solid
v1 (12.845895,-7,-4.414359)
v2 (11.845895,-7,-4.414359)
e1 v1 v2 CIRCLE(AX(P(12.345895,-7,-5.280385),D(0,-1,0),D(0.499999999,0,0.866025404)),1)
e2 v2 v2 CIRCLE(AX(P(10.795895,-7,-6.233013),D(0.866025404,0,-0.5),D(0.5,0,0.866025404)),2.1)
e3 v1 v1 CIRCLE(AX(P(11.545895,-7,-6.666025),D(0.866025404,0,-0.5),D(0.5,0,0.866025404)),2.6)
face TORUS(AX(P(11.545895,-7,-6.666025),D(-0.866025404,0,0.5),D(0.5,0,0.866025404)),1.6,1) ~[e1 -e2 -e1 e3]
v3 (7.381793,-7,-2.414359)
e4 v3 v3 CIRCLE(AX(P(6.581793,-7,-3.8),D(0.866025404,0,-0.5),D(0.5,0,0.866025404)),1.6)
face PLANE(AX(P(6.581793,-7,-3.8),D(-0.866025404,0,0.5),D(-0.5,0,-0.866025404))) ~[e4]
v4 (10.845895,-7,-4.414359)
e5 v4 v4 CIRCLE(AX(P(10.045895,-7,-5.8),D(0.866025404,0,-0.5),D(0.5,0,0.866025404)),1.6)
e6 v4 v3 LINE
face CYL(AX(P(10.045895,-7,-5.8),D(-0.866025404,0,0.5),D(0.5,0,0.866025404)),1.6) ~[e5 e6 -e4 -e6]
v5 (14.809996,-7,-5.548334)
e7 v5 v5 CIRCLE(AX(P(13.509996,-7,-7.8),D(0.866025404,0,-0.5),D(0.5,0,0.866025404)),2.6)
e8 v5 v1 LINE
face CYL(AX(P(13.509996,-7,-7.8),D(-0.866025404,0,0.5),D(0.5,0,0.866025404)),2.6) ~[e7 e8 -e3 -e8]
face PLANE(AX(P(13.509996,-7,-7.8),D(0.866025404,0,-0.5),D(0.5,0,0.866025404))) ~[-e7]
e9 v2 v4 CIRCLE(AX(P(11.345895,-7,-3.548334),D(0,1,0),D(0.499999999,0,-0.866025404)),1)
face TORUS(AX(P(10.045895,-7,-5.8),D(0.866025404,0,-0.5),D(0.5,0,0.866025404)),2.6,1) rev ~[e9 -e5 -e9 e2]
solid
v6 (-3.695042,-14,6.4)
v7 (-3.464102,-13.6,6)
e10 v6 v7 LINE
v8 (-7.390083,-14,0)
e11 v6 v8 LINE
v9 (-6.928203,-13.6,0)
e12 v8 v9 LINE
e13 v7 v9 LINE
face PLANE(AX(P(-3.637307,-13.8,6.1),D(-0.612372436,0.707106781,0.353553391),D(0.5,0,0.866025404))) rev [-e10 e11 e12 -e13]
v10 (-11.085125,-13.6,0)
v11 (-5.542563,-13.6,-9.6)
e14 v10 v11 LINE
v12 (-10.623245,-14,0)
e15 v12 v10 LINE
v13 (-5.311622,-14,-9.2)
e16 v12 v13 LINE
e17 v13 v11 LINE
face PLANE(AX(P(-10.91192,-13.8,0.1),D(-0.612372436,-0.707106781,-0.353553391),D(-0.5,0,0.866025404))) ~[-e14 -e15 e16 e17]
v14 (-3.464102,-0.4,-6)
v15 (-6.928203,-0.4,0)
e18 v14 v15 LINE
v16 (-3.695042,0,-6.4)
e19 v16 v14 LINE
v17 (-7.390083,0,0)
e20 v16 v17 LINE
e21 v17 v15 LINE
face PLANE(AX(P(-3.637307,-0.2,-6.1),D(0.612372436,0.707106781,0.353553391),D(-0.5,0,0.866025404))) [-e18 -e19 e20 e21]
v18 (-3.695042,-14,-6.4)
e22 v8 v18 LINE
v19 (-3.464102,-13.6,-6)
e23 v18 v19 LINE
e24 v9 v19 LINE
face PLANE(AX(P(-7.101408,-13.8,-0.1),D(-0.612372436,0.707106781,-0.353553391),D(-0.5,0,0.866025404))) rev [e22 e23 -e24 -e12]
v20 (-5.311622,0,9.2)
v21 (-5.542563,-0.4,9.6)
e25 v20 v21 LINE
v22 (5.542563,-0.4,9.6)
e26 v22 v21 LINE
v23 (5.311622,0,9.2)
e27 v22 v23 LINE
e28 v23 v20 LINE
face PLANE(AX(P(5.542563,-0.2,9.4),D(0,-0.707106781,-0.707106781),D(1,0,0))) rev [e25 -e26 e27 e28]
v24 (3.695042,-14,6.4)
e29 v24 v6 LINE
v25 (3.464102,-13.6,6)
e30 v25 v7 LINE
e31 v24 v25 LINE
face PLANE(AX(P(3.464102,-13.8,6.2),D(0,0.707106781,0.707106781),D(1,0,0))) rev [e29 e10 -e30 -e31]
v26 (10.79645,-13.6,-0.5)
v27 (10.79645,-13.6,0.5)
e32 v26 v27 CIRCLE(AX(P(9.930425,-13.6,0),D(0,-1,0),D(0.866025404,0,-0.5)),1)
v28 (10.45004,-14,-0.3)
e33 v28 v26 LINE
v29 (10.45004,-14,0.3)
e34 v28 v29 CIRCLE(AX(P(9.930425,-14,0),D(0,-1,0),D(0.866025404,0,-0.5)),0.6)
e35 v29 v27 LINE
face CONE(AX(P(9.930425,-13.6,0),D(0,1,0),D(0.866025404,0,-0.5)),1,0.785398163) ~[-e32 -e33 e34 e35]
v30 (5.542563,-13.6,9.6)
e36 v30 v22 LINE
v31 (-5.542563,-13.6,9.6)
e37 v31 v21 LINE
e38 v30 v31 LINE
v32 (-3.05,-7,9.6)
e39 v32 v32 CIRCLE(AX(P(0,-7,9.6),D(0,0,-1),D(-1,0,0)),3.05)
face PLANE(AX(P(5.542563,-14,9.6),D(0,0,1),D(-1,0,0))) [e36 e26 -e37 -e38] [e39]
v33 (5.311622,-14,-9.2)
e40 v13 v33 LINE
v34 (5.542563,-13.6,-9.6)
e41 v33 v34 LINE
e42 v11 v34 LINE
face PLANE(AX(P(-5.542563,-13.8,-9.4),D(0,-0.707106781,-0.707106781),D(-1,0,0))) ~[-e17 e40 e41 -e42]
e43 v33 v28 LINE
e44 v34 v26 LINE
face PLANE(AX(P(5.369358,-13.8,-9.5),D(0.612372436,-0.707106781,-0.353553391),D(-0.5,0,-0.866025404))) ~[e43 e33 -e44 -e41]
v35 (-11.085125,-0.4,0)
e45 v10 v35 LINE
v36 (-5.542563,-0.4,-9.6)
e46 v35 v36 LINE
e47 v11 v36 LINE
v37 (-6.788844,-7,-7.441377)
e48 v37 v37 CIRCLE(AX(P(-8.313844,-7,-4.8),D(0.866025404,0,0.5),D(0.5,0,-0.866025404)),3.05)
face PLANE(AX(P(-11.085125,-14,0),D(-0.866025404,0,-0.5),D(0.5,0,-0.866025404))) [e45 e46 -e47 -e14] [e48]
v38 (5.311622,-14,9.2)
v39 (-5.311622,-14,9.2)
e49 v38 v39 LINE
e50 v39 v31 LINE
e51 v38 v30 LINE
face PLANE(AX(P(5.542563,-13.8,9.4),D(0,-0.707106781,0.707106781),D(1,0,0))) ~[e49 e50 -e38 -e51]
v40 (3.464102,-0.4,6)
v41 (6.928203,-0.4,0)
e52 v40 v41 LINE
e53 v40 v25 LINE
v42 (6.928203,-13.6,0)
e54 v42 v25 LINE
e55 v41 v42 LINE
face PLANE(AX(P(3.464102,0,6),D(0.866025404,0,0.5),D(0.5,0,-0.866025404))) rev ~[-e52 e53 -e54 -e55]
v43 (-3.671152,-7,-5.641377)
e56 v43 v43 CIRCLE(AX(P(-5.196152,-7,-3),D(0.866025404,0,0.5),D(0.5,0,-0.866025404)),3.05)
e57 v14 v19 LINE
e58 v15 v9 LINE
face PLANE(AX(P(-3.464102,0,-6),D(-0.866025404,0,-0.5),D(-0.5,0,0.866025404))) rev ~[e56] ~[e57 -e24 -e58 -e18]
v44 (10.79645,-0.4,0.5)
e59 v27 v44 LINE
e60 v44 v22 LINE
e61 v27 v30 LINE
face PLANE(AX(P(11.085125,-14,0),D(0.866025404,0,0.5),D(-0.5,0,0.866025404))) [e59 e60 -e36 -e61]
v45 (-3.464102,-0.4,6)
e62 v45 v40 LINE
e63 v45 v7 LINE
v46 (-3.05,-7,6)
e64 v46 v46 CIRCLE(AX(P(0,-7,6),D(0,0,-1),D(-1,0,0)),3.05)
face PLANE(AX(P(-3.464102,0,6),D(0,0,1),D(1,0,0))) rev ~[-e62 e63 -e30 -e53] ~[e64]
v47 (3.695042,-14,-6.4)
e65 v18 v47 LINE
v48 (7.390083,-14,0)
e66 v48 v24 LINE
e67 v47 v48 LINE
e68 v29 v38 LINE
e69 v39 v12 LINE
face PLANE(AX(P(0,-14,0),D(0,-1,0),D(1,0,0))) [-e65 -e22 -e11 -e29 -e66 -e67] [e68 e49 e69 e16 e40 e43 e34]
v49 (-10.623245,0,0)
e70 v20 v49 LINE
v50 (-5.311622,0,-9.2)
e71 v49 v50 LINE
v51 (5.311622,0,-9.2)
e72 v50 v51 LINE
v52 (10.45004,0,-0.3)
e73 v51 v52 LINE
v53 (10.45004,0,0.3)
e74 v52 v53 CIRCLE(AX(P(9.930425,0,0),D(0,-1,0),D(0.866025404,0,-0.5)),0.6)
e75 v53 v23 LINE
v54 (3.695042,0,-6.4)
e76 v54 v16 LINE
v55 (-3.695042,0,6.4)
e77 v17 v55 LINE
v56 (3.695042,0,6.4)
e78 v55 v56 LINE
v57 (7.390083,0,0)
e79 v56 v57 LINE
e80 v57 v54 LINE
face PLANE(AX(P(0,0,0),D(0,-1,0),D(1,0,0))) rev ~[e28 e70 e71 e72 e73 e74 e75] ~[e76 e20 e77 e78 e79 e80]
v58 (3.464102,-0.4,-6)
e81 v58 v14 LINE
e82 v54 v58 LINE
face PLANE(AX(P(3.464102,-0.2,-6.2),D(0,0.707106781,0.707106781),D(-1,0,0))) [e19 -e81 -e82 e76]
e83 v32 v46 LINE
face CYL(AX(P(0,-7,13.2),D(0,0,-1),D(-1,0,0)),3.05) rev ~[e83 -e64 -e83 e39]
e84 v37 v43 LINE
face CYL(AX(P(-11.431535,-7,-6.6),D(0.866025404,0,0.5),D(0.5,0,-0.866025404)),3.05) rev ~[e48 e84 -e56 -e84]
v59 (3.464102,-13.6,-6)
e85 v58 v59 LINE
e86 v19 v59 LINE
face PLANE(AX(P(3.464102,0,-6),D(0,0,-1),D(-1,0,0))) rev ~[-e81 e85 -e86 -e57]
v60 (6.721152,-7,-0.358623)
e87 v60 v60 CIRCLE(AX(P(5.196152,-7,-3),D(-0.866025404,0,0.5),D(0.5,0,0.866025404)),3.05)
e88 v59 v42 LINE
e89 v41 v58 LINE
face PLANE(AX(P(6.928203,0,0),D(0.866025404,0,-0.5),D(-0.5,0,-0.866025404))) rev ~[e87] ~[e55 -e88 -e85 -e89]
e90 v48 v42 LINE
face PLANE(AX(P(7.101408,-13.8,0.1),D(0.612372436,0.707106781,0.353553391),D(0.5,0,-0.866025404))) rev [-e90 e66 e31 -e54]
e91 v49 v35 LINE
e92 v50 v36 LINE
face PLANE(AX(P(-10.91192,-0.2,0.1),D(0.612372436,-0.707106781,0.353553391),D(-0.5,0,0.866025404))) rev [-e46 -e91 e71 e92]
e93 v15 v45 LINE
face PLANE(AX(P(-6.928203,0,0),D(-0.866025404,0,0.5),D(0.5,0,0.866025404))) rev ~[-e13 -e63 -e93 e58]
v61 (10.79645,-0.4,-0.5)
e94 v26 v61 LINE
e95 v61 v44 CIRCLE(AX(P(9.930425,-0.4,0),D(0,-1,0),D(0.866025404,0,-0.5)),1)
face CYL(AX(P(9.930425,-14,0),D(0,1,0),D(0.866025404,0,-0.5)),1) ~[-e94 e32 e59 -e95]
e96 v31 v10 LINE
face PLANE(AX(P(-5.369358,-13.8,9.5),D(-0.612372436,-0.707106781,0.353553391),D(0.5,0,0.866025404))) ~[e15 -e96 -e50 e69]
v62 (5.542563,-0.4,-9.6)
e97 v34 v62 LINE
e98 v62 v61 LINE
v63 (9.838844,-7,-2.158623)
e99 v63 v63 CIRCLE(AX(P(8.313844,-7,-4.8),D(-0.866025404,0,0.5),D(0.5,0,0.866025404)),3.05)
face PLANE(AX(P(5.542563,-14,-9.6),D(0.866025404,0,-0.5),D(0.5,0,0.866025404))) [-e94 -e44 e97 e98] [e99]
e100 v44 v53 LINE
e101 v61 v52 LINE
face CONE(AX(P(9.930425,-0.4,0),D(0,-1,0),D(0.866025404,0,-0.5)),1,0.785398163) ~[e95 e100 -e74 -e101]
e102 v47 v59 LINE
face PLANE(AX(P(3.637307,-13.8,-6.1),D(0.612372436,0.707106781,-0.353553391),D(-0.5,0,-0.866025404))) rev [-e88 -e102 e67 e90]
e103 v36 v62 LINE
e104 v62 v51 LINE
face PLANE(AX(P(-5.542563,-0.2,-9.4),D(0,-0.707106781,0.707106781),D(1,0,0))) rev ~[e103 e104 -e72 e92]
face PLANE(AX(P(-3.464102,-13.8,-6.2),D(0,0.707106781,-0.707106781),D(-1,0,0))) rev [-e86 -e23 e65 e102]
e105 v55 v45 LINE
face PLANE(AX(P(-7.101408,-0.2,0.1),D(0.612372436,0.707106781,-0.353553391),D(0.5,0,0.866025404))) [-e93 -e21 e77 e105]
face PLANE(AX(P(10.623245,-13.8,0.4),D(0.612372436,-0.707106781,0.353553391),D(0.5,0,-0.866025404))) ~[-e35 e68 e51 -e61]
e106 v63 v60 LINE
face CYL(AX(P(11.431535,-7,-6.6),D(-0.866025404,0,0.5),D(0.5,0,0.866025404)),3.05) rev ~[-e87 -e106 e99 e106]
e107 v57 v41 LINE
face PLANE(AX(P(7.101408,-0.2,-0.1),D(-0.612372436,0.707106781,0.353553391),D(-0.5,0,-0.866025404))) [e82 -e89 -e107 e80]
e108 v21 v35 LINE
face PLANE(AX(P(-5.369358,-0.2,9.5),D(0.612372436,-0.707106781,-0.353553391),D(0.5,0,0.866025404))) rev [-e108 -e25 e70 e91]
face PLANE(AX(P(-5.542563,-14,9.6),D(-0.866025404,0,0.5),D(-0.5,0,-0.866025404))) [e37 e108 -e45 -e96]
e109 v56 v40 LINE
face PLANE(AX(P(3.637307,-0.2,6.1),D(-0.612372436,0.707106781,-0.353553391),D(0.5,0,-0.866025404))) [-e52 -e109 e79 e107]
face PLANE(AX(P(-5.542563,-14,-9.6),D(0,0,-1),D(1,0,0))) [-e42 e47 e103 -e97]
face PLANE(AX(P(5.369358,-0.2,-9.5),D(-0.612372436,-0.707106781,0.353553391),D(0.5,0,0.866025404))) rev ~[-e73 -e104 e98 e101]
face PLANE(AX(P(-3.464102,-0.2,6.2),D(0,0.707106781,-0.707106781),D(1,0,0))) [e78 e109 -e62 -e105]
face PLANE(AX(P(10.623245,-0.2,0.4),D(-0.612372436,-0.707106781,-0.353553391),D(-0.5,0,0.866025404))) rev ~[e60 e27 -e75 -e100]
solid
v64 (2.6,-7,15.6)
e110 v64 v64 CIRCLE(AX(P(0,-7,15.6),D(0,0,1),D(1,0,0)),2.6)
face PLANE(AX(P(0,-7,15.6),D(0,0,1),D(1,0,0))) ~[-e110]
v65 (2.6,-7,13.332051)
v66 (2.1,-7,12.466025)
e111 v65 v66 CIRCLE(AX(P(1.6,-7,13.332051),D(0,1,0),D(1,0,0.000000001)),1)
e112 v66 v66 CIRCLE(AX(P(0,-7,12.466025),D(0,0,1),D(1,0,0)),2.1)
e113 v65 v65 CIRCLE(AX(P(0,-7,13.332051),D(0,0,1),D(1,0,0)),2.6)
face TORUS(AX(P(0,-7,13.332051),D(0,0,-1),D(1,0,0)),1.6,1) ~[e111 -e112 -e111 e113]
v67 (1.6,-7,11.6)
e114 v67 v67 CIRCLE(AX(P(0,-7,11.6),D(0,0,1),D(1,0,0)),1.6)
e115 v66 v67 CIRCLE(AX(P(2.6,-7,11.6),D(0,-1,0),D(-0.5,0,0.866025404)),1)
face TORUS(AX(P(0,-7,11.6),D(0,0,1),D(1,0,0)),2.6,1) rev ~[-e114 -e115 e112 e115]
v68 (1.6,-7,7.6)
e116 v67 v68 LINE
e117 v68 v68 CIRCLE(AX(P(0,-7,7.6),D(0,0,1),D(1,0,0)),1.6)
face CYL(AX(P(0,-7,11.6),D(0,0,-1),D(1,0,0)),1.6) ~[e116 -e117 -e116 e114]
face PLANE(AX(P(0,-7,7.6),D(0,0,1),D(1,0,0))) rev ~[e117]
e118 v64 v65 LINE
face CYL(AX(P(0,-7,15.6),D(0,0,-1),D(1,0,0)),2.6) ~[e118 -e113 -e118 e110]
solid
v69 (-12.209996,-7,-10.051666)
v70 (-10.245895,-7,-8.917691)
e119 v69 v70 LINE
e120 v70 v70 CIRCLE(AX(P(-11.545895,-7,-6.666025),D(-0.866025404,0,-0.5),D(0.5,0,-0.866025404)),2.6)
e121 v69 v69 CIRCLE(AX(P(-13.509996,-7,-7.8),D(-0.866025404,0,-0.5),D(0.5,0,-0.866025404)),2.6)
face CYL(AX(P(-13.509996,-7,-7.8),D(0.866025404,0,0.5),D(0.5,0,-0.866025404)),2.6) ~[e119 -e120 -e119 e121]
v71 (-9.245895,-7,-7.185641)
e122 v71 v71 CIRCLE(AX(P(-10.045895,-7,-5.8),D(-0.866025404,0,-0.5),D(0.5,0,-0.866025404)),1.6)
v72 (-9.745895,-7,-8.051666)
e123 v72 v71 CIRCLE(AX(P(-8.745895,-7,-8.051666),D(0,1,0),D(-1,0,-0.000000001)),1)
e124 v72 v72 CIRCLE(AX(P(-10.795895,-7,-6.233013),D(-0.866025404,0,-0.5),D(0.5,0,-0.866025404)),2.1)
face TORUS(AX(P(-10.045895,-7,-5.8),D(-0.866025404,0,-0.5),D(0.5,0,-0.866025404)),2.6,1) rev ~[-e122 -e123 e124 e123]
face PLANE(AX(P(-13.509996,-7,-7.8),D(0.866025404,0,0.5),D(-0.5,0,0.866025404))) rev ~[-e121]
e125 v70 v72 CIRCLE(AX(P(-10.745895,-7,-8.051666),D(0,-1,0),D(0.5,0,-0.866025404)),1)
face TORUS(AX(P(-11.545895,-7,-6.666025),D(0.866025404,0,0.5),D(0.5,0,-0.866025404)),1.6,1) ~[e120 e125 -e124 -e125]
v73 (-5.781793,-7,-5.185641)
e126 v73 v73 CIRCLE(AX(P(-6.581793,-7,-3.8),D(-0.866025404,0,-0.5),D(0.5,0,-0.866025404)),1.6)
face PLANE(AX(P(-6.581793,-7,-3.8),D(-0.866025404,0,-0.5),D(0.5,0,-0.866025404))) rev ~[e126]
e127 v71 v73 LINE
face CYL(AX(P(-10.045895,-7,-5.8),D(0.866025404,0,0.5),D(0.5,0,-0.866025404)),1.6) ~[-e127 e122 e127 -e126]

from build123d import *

# Parameters (mm, degrees)
SALIENTE_EXTRUIR1_DEPTH             = 14
CORTAR_EXTRUIR1_DEPTH               = 15
DI_METRO_DE_TALADRO_6_1_6_1_1_D     = 6.1
DI_METRO_DE_TALADRO_6_1_6_1_1_DEPTH = 3.6
DI_METRO_DE_TALADRO_6_1_6_1_2_D     = 6.1
DI_METRO_DE_TALADRO_6_1_6_1_2_DEPTH = 3.6
DI_METRO_DE_TALADRO_6_1_6_1_3_D     = 6.1
DI_METRO_DE_TALADRO_6_1_6_1_3_DEPTH = 3.6
REDONDEO2_R                         = 1
CHAFL_N1_SIZE                       = 0.4


with BuildPart() as part:
    # Croquis1 → Saliente-Extruir1 (new body)
    with BuildSketch(Plane.XZ.offset(14)):
        Polygon((-5.542562584, -9.6), (5.542562584, -9.6), (11.085125168, 0), (5.542562584, 9.6), (-5.542562584, 9.6), (-11.085125168, 0), align=None)
    extrude(amount=-SALIENTE_EXTRUIR1_DEPTH)

    # Croquis2 → Cortar-Extruir1 (cut, through all)
    with BuildSketch(Plane(origin=(0, 0, 0), x_dir=(-1, 0, 0), z_dir=(0, 1, 0))):
        Polygon((6.92820323, 0), (3.464101615, 6), (-3.464101615, 6), (-6.92820323, 0), (-3.464101615, -6), (3.464101615, -6), align=None)
    extrude(amount=-CORTAR_EXTRUIR1_DEPTH, mode=Mode.SUBTRACT)

    # Diámetro de taladro Ø6.1 (6.1)1
    with Locations(Plane.XY.offset(9.6)):
        with Locations((0, -7)):
            Hole(DI_METRO_DE_TALADRO_6_1_6_1_1_D / 2, depth=DI_METRO_DE_TALADRO_6_1_6_1_1_DEPTH)

    # Diámetro de taladro Ø6.1 (6.1)2
    with Locations(Plane(origin=(-8.313843876, 0, -4.8), x_dir=(-0.5, 0, 0.866025404), z_dir=(-0.866025404, 0, -0.5))):
        with Locations((0, -7)):
            Hole(DI_METRO_DE_TALADRO_6_1_6_1_2_D / 2, depth=DI_METRO_DE_TALADRO_6_1_6_1_2_DEPTH)

    # Diámetro de taladro Ø6.1 (6.1)3
    with Locations(Plane(origin=(8.313843876, 0, -4.8), x_dir=(-0.5, 0, -0.866025404), z_dir=(0.866025404, 0, -0.5))):
        with Locations((0, -7)):
            Hole(DI_METRO_DE_TALADRO_6_1_6_1_3_D / 2, depth=DI_METRO_DE_TALADRO_6_1_6_1_3_DEPTH)

    # Redondeo2
    redondeo2_edges = [part.edges().sort_by_distance(p)[0] for p in [
        (11.085125168, -7, 0),
    ]]
    fillet(redondeo2_edges, radius=REDONDEO2_R)

    # Chaflán1
    chafl_n1_edges = [part.edges().sort_by_distance(p)[0] for p in [
        (8.169506309, 0, -5.05),
        (0, 0, 9.6),
        (-8.313843876, 0, 4.8),
        (-5.196152423, -14, -3),
        (0, -14, -6),
        (5.196152423, -14, -3),
        (5.196152423, -14, 3),
        (0, -14, 6),
        (-5.196152423, -14, 3),
        (-5.196152423, 0, -3),
        (-5.196152423, 0, 3),
        (0, 0, 6),
        (5.196152423, 0, 3),
        (5.196152423, 0, -3),
        (0, 0, -6),
        (-8.313843876, 0, -4.8),
        (8.169506309, -14, 5.05),
        (10.93042463, -14, 0),
        (8.169506309, 0, 5.05),
        (10.93042463, 0, 0),
        (-8.313843876, -14, 4.8),
        (0, -14, 9.6),
        (8.169506309, -14, -5.05),
        (0, -14, -9.6),
        (-8.313843876, -14, -4.8),
        (0, 0, -9.6),
    ]]
    chamfer(chafl_n1_edges, length=CHAFL_N1_SIZE)


with BuildPart() as body_2:
    # Croquis9 → Revolución1 (revolve)
    with BuildSketch(Plane(origin=(0, -7, 0), x_dir=(1, 0, 0), z_dir=(0, 1, 0))):
        with BuildLine():
            Line((1.6, -7.6), (0, -7.6))
            Line((0, -7.6), (0, -15.6))
            Line((0, -15.6), (2.6, -15.6))
            Line((2.6, -15.6), (2.6, -13.332050808))
            ThreePointArc((2.6, -13.332050808), (2.466025404, -12.832050808), (2.1, -12.466025404))
            ThreePointArc((2.1, -12.466025404), (1.733974596, -12.1), (1.6, -11.6))
            Line((1.6, -11.6), (1.6, -7.6))
        make_face()
    revolve(axis=Axis((0, -7, 7.6), (0, 0, 1)))


with BuildPart() as body_3:
    # Croquis10 → Revolución2 (revolve)
    with BuildSketch(Plane.XZ.offset(7)):
        with BuildLine():
            Line((-5.781793069, -5.185640646), (-6.581793069, -3.8))
            Line((-6.581793069, -3.8), (-13.509996299, -7.8))
            Line((-13.509996299, -7.8), (-12.209996299, -10.05166605))
            Line((-12.209996299, -10.05166605), (-10.245894684, -8.917691454))
            ThreePointArc((-10.245894684, -8.917691454), (-9.87986928, -8.55166605), (-9.745894684, -8.05166605))
            ThreePointArc((-9.745894684, -8.05166605), (-9.611920088, -7.55166605), (-9.245894684, -7.185640646))
            Line((-9.245894684, -7.185640646), (-5.781793069, -5.185640646))
        make_face()
    revolve(axis=Axis((-5.981793069, -7, -3.453589838), (-0.866025404, 0, -0.5)))


with BuildPart() as body_4:
    # Croquis11 → Revolución3 (revolve)
    with BuildSketch(Plane.XZ.offset(7)):
        with BuildLine():
            Line((7.381793069, -2.414359354), (6.581793069, -3.8))
            Line((6.581793069, -3.8), (13.509996299, -7.8))
            Line((13.509996299, -7.8), (14.809996299, -5.54833395))
            Line((14.809996299, -5.54833395), (12.845894684, -4.414359354))
            ThreePointArc((12.845894684, -4.414359354), (12.345894684, -4.280384758), (11.845894684, -4.414359354))
            ThreePointArc((11.845894684, -4.414359354), (11.345894684, -4.54833395), (10.845894684, -4.414359354))
            Line((10.845894684, -4.414359354), (7.381793069, -2.414359354))
        make_face()
    revolve(axis=Axis((8.313843876, -7, -4.8), (0.866025404, 0, -0.5)))


solid = Compound([part.part, body_2.part, body_3.part, body_4.part])
